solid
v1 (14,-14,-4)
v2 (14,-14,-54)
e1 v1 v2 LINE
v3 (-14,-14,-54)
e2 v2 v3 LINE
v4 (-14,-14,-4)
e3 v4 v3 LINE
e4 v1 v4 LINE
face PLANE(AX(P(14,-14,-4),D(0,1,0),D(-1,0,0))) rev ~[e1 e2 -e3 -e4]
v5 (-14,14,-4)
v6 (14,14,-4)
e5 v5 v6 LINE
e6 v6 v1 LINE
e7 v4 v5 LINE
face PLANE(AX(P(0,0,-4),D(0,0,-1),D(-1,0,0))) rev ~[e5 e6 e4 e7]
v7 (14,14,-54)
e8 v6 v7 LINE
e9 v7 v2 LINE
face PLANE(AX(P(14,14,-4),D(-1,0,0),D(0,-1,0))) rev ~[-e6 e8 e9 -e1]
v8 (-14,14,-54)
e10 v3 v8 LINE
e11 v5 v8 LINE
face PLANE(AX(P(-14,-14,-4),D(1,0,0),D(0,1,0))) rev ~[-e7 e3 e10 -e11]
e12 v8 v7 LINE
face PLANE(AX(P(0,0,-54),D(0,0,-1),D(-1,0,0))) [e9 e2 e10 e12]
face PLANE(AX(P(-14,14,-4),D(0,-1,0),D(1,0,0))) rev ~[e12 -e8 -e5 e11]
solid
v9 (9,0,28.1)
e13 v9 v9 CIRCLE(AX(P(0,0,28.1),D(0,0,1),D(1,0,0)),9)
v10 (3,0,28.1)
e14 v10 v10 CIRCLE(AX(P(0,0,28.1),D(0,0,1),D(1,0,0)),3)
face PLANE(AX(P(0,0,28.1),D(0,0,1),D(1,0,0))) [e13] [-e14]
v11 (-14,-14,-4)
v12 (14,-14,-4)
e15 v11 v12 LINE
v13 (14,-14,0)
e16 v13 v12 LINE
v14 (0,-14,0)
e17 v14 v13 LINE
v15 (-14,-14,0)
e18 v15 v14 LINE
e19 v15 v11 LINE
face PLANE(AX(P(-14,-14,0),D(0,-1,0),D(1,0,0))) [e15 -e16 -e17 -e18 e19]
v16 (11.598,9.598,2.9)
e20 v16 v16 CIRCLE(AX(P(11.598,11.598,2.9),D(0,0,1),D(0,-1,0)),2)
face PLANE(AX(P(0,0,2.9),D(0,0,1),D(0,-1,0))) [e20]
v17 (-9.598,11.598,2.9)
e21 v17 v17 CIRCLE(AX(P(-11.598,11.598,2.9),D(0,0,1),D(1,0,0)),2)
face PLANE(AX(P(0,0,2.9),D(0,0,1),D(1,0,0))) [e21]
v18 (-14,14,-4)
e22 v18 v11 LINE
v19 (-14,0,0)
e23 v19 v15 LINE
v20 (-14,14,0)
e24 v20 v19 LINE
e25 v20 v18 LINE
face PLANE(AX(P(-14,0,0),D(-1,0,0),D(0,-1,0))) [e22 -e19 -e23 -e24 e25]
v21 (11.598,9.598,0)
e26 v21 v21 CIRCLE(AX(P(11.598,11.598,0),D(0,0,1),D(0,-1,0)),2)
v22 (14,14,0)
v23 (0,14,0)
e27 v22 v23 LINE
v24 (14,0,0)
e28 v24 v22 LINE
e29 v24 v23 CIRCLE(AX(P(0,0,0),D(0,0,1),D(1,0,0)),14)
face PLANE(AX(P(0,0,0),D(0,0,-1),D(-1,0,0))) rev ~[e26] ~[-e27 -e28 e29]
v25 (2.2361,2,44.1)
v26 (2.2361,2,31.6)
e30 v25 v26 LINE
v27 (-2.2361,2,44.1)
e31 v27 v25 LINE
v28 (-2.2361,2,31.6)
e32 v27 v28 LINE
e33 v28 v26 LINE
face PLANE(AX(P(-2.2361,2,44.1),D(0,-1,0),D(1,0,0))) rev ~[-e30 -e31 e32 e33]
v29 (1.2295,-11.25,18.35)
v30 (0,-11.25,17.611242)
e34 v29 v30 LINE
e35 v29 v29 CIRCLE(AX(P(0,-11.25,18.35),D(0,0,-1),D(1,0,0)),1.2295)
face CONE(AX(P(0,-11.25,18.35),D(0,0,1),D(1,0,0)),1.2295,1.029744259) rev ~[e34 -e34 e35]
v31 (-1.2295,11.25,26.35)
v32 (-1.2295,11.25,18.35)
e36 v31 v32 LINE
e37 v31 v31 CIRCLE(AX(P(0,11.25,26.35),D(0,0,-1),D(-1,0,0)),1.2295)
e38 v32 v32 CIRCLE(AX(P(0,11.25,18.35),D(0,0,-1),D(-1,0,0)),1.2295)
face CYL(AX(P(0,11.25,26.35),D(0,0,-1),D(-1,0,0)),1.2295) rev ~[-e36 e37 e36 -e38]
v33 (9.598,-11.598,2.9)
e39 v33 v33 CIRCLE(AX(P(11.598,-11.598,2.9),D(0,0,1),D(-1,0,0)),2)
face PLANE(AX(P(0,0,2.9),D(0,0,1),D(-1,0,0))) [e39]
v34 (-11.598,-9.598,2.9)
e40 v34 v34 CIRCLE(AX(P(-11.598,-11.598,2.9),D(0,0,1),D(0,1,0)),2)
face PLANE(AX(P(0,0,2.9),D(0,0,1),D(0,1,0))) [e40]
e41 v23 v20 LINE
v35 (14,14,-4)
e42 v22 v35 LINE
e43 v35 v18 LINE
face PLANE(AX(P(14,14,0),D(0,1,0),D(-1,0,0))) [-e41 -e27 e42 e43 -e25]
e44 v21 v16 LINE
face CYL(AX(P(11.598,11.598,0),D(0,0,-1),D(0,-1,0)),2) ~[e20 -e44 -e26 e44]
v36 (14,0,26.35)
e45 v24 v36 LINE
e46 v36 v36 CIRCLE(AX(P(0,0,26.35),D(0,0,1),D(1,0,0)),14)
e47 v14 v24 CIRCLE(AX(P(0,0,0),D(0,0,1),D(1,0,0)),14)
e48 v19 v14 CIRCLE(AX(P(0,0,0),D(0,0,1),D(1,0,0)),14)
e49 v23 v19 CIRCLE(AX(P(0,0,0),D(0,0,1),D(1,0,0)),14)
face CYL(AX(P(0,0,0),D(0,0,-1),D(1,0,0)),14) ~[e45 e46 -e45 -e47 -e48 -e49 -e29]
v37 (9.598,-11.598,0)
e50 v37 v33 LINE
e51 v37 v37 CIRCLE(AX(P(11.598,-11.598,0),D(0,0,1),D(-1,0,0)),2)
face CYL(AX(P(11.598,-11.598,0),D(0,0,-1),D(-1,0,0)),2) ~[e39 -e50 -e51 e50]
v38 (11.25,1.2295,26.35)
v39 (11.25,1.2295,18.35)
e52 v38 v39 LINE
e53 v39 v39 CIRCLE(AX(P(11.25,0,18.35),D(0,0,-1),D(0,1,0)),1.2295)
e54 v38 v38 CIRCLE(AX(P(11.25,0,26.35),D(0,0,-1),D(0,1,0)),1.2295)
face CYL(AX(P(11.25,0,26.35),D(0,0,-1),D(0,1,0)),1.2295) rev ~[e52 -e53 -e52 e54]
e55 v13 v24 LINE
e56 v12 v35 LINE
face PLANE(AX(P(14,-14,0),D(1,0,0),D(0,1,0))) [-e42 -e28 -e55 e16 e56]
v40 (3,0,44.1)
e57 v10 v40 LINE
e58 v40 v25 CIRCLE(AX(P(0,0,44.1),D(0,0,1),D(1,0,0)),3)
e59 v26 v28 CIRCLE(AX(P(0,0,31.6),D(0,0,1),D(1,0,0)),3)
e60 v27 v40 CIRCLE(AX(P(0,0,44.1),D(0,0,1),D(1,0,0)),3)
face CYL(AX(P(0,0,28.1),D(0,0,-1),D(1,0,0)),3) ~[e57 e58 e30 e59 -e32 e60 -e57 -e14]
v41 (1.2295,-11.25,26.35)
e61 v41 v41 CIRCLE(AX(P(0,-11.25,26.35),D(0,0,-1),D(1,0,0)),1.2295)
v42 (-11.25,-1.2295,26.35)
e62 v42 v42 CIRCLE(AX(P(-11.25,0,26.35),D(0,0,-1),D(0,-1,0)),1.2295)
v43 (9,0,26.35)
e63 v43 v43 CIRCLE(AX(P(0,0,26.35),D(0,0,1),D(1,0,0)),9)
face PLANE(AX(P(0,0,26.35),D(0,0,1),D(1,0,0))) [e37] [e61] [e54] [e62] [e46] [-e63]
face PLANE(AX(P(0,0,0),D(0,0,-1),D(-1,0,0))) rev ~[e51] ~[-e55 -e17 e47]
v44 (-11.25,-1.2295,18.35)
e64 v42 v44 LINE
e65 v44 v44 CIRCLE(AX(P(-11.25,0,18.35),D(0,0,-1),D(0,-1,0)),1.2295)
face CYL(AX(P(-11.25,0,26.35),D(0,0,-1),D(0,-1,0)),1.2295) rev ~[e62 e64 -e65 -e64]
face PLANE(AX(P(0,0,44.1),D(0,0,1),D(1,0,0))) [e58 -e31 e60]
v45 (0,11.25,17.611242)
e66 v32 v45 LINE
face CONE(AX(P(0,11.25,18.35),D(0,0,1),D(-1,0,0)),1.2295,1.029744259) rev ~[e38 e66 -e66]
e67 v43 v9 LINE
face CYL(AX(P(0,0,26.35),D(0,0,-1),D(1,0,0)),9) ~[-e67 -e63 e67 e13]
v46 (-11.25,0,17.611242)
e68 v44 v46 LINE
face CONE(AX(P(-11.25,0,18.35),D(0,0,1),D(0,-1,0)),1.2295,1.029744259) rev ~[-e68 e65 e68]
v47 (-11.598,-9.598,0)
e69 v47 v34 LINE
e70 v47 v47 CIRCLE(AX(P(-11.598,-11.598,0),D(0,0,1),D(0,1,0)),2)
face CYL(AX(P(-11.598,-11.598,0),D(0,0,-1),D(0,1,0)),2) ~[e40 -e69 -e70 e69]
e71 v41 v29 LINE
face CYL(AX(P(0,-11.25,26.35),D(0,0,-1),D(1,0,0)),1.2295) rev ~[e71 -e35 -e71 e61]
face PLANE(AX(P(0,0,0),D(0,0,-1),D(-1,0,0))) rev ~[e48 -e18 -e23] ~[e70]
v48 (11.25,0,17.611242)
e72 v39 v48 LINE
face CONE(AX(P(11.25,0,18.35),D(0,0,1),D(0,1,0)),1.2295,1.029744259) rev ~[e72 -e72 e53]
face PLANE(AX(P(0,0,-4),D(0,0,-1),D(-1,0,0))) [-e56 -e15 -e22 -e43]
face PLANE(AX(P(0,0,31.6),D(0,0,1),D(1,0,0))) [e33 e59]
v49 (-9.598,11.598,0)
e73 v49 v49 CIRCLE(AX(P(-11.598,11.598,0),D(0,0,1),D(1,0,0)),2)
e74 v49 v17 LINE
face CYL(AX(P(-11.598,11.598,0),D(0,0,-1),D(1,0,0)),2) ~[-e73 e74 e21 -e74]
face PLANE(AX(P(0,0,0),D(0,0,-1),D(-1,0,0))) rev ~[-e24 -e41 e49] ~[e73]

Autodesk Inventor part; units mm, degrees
ref_plane "YZ Plane" through (0, 0, 0) normal (1, 0, 0) x (0, 1, 0)
ref_plane "XZ Plane" through (0, 0, 0) normal (0, 1, 0) x (-1, 0, 0)
ref_plane "XY Plane" through (0, 0, 0) normal (0, 0, 1) x (1, 0, 0)
sketch "Skizze1" plane through (0, 0, 0) normal (0, 0, 1) x (1, 0, 0)
  circle A0 centre (0, 0) radius 14
  dimension "d0" = 28
extrude "Extrusion1" add sketch "Skizze1" along normal blind 26.35
sketch "Skizze2" plane through (0, 0, 26.35) normal (0, 0, 1) x (1, 0, 0)
  circle A0 centre (0, 0) radius 14 projected
  circle A1 centre (0, 0) radius 9
  dimension "d3" = 18
extrude "Extrusion2" add sketch "Skizze2" along normal blind 1.75 contours A1
sketch "Skizze3" plane through (0, 0, 26.35) normal (0, 0, 1) x (1, 0, 0)
  circle A0 centre (0, 0) radius 14 projected
  line L0 (0, 0) -> (-11.25, 0) construction
  dimension "d6" = 11.25
hole "Bohrung1" at (-11.25, 0, 26.35) direction (0, 0, -1) diameter 2.459 depth 8 tip angle 118 thread size "M3x0.5" class "6H" standard "ANSI Metric M Profile"
sketch "Skizze4" plane through (0, 0, 28.1) normal (0, 0, 1) x (1, 0, 0)
  circle A0 centre (0, 0) radius 9 projected
  circle A1 centre (0, 0) radius 3
  dimension "d14" = 6
extrude "Extrusion3" add sketch "Skizze4" along normal blind 16 contours A1
sketch "Skizze5" plane through (0, 0, 44.1) normal (0, 0, 1) x (1, 0, 0)
  circle A0 centre (0, 0) radius 3 projected
  line L0 (-2.2361, 2) -> (2.2361, 2)
  dimension "d17" = 5
extrude "Extrusion4" cut sketch "Skizze5" against normal blind 12.5 contours L0 A0 picked at (-0.5653, 2.1582)
pattern_circular "Runde Anordnung1" count 4 over 360 about axis through (0, 0, 28.1) along (0, 0, 1) of "Bohrung1"
sketch "Skizze6" plane through (0, 0, 0) normal (0, 0, -1) x (-1, 0, 0)
  circle A0 centre (0, 0) radius 14 projected
  line L0 (-14, 14) -> (14, 14)
  line L1 (14, 14) -> (14, -14)
  line L2 (14, -14) -> (-14, -14)
  line L3 (-14, -14) -> (-14, 14)
extrude "Extrusion5" add sketch "Skizze6" along normal blind 4
sketch "Skizze7" plane through (0, 0, 0) normal (0, 0, 1) x (1, 0, 0)
  line L0 (0, 14) -> (-14, 14) projected
  line L1 (-14, 14) -> (-14, 0) projected
  circle A0 centre (-11.598, 11.598) radius 2.402
  circle A1 centre (0, 0) radius 14 projected
  circle A2 centre (-11.598, 11.598) radius 2
  dimension "d25" = 4
extrude "Extrusion6" add sketch "Skizze7" along normal blind 2.9 contours A2
pattern_circular "Runde Anordnung3" count 4 over 360 about axis through (0, 0, 0) along (0, 0, 1) of "Extrusion6"
sketch "Skizze8" plane through (0, 0, -4) normal (0, 0, -1) x (-1, 0, 0)
  line L0 (14, 14) -> (-14, 14) projected
  line L1 (-14, 14) -> (-14, -14) projected
  line L2 (-14, -14) -> (14, -14) projected
  line L3 (14, -14) -> (14, 14) projected
  point P0 (0, 0)
extrude "Extrusion7" add sketch "Skizze8" along normal blind 50 separate body
properties part number "Nema17 Geared" material "Stahl"
